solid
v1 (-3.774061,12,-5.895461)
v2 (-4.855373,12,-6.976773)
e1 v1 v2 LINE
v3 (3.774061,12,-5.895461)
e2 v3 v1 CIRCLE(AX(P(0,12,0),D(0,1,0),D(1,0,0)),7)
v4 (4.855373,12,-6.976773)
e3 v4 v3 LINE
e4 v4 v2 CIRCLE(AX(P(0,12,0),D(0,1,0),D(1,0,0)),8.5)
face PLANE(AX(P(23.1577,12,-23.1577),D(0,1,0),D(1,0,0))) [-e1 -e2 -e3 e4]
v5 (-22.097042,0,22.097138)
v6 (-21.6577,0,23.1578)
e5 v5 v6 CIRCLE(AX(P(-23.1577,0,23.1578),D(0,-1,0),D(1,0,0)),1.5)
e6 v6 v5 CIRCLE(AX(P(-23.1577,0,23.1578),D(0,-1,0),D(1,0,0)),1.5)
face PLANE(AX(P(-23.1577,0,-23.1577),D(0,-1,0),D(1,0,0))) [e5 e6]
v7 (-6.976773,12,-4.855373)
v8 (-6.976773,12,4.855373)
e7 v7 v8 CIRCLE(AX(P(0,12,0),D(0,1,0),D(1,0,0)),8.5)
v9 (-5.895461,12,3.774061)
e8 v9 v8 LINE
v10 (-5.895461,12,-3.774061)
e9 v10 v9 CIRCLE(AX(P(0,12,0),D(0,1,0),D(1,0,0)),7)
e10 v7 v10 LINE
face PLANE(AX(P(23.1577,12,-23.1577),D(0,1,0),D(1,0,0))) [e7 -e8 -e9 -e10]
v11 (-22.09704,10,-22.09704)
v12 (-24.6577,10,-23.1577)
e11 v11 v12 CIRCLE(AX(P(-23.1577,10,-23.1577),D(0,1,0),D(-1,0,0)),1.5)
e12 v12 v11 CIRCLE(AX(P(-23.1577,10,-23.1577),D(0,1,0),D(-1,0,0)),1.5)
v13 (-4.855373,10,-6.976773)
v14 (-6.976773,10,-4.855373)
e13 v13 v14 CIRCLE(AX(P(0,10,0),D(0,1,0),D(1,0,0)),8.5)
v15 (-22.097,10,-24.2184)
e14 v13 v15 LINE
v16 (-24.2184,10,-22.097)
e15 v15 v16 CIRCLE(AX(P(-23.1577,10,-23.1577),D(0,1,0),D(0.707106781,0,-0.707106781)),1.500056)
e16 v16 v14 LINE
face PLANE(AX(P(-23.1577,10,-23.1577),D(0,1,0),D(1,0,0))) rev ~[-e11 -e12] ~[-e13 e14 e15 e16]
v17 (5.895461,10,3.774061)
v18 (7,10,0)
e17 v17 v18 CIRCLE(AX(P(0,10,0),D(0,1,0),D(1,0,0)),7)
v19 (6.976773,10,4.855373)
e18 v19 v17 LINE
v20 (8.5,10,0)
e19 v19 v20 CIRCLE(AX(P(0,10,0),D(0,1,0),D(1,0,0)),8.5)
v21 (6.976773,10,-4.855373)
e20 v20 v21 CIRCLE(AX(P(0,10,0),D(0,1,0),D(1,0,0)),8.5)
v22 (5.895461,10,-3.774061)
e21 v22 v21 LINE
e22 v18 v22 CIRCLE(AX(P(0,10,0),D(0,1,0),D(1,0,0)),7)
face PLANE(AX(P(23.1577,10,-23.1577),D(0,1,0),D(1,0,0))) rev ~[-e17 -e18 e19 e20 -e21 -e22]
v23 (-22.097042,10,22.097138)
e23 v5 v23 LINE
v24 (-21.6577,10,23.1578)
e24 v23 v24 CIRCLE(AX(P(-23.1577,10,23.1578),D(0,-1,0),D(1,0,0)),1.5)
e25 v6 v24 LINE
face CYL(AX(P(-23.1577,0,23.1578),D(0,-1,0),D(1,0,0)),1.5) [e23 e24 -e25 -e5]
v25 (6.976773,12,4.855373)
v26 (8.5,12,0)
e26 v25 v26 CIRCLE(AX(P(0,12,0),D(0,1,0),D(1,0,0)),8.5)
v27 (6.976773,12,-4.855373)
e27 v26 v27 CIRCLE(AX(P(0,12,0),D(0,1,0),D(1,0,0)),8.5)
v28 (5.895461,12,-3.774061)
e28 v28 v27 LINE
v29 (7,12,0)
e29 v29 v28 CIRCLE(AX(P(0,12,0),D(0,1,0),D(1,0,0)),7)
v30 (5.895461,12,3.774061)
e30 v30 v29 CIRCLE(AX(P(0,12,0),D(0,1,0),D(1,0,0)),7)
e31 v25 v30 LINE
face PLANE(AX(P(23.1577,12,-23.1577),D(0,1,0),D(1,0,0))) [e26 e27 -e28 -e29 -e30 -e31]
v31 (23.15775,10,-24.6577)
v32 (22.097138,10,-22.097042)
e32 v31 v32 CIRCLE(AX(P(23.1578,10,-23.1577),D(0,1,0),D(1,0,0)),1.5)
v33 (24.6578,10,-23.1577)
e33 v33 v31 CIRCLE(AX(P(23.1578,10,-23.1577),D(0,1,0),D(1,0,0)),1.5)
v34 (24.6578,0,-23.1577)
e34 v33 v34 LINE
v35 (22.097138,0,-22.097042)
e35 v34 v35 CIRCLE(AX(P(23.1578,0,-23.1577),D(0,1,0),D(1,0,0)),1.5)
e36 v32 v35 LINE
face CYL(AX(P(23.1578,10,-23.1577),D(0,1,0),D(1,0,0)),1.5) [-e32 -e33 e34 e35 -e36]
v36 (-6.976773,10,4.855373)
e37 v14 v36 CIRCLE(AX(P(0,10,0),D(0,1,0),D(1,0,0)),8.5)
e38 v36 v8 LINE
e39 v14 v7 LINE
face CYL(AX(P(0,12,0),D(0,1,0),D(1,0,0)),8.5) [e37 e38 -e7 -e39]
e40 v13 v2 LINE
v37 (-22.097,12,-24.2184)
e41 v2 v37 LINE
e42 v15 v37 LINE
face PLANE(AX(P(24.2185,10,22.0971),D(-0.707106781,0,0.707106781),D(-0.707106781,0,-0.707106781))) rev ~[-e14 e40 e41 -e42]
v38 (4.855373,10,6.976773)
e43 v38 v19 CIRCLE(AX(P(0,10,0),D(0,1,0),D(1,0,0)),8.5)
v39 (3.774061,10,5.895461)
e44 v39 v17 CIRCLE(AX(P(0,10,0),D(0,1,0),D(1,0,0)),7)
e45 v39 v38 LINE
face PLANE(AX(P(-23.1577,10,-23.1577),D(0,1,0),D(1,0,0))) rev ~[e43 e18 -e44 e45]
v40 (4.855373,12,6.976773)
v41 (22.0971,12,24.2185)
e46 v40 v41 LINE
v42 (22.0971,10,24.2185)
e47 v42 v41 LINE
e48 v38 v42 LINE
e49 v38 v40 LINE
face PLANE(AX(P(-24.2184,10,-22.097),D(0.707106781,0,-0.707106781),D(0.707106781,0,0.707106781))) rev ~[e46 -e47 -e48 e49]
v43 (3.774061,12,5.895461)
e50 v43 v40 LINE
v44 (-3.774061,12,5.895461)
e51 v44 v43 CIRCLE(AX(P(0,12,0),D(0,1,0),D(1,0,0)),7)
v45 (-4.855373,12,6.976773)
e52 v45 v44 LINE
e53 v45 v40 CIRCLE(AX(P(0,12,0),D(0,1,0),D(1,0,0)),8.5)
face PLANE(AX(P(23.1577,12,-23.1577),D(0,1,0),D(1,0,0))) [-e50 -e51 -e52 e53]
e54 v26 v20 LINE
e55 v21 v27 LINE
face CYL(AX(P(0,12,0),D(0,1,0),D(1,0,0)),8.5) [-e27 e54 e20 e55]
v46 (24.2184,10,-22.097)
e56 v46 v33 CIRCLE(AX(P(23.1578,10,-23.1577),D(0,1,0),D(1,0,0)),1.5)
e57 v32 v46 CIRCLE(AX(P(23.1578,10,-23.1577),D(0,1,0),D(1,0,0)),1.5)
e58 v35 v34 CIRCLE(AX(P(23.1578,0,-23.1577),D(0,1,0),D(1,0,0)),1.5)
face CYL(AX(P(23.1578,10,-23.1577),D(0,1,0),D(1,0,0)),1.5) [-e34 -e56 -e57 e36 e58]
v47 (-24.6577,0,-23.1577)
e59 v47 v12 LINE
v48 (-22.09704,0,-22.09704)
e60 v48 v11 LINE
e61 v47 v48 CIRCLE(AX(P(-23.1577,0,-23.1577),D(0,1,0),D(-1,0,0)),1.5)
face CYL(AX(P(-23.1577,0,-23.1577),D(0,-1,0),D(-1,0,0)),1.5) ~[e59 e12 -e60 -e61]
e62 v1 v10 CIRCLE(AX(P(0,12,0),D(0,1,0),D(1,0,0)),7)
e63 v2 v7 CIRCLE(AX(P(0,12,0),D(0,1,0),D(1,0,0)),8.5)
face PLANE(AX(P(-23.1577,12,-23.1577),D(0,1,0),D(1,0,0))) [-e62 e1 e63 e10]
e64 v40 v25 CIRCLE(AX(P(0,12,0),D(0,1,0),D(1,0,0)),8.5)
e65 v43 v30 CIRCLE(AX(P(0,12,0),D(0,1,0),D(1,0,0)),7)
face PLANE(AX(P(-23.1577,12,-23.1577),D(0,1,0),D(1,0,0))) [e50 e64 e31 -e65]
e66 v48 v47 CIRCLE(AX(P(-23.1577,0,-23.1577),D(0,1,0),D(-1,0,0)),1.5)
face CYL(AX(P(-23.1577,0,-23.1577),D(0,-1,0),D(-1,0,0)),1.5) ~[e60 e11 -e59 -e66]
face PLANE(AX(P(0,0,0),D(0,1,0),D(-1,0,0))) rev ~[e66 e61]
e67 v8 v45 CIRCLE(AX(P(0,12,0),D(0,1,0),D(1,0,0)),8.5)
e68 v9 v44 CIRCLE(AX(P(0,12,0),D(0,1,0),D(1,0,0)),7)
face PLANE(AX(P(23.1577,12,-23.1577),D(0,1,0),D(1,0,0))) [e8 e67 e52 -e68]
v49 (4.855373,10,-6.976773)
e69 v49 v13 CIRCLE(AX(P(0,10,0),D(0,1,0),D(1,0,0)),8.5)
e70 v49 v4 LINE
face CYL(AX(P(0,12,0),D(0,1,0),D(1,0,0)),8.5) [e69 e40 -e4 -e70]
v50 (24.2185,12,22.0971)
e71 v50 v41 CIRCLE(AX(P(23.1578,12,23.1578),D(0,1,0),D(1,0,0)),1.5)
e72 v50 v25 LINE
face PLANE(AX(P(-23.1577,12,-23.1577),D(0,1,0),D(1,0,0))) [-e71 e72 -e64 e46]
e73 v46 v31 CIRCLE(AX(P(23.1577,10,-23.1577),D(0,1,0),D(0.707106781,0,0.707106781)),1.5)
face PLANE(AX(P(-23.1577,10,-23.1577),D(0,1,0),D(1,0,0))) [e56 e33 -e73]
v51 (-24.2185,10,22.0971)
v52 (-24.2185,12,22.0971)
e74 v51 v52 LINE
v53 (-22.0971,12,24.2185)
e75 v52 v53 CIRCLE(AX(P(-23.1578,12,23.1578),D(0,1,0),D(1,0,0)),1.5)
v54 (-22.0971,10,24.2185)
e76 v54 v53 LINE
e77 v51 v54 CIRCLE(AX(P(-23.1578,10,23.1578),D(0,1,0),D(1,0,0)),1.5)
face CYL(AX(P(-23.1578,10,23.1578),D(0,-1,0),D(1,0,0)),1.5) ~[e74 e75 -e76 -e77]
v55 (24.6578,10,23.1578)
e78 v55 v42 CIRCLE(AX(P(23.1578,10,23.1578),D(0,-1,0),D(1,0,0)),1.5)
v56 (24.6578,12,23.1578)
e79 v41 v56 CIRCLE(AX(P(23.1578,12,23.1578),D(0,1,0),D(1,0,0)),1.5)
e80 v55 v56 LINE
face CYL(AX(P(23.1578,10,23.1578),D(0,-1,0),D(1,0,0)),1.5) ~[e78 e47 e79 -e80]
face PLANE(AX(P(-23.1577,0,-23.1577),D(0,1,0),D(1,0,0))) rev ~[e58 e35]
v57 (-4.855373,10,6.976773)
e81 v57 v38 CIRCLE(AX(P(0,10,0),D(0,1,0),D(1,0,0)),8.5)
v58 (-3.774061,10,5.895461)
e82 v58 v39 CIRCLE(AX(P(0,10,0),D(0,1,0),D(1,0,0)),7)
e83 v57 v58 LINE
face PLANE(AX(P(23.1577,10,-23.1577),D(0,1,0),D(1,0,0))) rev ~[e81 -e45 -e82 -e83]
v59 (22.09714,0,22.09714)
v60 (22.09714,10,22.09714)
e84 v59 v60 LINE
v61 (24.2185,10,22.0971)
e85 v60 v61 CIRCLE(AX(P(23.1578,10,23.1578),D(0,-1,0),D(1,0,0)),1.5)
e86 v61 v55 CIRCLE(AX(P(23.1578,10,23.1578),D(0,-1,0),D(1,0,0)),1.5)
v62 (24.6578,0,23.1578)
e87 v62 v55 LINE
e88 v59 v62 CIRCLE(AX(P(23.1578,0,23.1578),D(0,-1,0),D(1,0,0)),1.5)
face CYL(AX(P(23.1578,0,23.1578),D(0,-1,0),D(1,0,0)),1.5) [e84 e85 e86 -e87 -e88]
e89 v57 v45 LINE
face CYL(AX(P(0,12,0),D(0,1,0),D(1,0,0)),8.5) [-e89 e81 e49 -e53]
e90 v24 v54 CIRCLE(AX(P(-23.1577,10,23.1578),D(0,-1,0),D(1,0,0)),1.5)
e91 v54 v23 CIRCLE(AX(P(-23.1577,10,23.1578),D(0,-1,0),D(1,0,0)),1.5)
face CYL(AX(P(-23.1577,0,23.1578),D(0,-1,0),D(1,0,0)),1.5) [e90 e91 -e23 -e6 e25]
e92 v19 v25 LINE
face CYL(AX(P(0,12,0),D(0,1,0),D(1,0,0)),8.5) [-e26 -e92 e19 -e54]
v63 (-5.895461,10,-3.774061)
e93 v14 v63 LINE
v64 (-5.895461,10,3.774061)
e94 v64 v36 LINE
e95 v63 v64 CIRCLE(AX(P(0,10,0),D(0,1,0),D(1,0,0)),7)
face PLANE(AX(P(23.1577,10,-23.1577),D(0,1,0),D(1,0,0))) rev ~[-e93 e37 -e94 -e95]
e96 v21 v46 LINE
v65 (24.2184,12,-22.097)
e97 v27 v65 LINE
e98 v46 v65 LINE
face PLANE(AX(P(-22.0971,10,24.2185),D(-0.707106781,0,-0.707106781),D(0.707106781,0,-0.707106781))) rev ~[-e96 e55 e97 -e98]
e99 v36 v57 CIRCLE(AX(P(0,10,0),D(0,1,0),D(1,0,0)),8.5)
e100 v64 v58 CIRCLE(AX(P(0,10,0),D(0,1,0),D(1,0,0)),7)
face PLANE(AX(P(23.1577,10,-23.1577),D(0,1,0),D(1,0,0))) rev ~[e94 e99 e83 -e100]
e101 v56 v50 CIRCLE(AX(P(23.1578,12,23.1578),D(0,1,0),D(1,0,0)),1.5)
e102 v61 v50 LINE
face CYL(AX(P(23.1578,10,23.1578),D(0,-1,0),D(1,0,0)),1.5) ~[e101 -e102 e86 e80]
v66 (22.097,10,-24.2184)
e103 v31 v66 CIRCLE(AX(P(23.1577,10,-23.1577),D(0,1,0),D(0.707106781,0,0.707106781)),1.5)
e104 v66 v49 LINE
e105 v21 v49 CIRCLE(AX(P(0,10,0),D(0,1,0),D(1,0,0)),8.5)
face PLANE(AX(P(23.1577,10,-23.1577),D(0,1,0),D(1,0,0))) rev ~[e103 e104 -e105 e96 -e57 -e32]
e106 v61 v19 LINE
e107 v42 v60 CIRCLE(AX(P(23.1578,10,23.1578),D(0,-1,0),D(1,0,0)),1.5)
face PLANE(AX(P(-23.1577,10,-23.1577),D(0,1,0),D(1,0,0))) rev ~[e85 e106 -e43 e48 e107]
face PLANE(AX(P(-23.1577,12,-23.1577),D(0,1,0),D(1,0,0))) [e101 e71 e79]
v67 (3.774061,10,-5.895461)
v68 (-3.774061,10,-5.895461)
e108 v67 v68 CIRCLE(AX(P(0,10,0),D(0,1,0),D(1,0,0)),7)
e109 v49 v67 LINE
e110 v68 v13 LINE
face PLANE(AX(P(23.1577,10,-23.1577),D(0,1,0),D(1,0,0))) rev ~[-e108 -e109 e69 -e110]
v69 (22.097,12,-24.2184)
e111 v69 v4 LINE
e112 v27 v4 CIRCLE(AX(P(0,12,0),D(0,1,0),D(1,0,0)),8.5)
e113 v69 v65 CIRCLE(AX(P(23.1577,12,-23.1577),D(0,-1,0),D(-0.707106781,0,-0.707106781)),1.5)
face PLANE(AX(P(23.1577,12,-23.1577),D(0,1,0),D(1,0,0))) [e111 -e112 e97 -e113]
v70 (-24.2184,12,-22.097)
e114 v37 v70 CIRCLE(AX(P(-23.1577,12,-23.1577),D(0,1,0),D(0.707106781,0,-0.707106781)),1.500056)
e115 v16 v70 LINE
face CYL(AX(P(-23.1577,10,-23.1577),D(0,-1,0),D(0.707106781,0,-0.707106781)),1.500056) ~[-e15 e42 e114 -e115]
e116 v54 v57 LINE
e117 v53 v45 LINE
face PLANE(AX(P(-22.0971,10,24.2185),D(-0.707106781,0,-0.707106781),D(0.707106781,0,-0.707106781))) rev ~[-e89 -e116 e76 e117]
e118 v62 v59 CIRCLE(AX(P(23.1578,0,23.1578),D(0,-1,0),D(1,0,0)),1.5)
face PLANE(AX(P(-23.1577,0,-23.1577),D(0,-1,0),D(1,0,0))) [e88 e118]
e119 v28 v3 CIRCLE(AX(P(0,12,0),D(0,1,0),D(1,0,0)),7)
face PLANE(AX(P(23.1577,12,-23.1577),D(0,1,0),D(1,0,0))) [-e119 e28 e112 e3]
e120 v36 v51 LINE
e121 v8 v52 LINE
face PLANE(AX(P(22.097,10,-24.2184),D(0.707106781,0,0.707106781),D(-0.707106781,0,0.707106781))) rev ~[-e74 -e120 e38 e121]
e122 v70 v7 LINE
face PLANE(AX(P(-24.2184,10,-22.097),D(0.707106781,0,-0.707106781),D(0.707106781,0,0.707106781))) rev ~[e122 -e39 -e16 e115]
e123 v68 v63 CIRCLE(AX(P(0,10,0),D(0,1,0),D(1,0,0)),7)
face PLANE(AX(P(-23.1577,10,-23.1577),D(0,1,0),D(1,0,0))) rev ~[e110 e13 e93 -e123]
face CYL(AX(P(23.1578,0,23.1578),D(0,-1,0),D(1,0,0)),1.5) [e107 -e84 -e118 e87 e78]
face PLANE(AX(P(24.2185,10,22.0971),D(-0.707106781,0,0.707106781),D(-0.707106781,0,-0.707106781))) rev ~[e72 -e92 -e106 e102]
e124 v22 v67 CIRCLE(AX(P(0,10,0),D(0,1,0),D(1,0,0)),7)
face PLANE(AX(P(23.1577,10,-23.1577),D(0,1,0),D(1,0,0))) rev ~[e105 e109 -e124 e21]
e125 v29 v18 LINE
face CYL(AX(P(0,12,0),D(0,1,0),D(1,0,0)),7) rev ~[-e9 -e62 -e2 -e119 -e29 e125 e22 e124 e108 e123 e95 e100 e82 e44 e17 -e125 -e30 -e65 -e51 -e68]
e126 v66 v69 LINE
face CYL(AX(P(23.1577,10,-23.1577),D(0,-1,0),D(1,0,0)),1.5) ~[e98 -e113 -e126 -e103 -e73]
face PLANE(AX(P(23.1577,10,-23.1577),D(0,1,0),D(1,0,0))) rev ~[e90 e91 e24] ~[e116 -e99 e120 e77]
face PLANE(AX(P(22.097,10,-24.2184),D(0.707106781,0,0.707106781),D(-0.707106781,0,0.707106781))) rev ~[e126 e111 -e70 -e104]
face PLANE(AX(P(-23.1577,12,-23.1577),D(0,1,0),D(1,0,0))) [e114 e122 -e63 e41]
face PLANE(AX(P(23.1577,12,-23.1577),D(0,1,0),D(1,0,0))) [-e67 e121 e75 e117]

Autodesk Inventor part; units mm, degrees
ref_plane "YZ Plane" through (0, 0, 0) normal (1, 0, 0) x (0, 1, 0)
ref_plane "XZ Plane" through (0, 0, 0) normal (0, 1, 0) x (-1, 0, 0)
ref_plane "XY Plane" through (0, 0, 0) normal (0, 0, 1) x (1, 0, 0)
sketch "Sketch1" plane through (0, 0, 0) normal (0, 1, 0) x (-1, 0, 0)
  line L0 (0, 0) -> (23.1577, -23.1577)
  line L1 (0, 0) -> (32.75, 0) construction
  circle A0 centre (23.1577, -23.1577) radius 1.5
  dimension "d0" = 32.75
  dimension "d1" = 45
  dimension "d2" = 3
extrude "Extrusion1" add sketch "Sketch1" along normal blind 10
sketch "Sketch2" plane through (-23.1577, 0, -23.1577) normal (0, -1, 0) x (1, 0, 0)
  line L0 (23.1577, 23.1577) -> (46.3155, 46.3155)
  line L1 (23.1577, 23.1577) -> (55.9077, 23.1577) construction
  circle A0 centre (46.3155, 46.3155) radius 1.5
  dimension "d5" = 32.75
  dimension "d6" = 45
  dimension "d7" = 3
extrude "Extrusion2" add sketch "Sketch2" against normal blind 10
sketch "Sketch3" plane through (-23.1577, 0, -23.1577) normal (0, -1, 0) x (1, 0, 0)
  line L0 (23.1577, 23.1577) -> (0, 46.3155)
  line L1 (23.1577, 23.1577) -> (55.9077, 23.1577) construction
  circle A0 centre (0, 46.3155) radius 1.5
  dimension "d10" = 32.75
  dimension "d11" = 135
  dimension "d12" = 3
extrude "Extrusion3" add sketch "Sketch3" against normal blind 10
sketch "Sketch4" plane through (-23.1577, 10, -23.1577) normal (0, 1, 0) x (1, 0, 0)
  line L0 (23.1577, -23.1577) -> (46.3155, 0)
  line L1 (23.1577, -23.1577) -> (55.9077, -23.1577) construction
  circle A0 centre (46.3155, 0) radius 1.5
  dimension "d15" = 32.75
  dimension "d16" = 45
  dimension "d17" = 3
extrude "Extrusion4" add sketch "Sketch4" against normal blind 10
sketch "Sketch5" plane through (23.1577, 10, -23.1577) normal (0, 1, 0) x (1, 0, 0)
  circle A0 centre (0, 0) radius 1.5 projected
  circle A1 centre (-46.3155, -46.3155) radius 1.5 projected
  line L0 (0, 0) -> (-46.3155, -46.3155) construction
  line L1 (-1.0607, 1.0607) -> (-47.3762, -45.2548)
  line L2 (-45.2548, -47.3762) -> (1.0607, -1.0607)
  arc A2 (1.0607, -1.0607) -> (-1.0607, 1.0607) centre (0, 0) ccw
  arc A3 (-47.3762, -45.2548) -> (-45.2548, -47.3762) centre (-46.3155, -46.3155) ccw
  point P0 (-23.1577, -23.1577)
  point P1 (-23.1577, -23.1577)
  dimension "d20" = 3
extrude "Extrusion5" add sketch "Sketch5" along normal blind 2
sketch "Sketch6" plane through (-23.1577, 10, -23.1577) normal (0, 1, 0) x (1, 0, 0)
  circle A0 centre (46.3155, -46.3155) radius 1.5 projected
  line L0 (46.3155, -46.3155) -> (0, 0) construction
  line L1 (47.3762, -45.2548) -> (1.0607, 1.0607)
  line L2 (-1.0607, -1.0607) -> (45.2548, -47.3762)
  arc A1 (45.2548, -47.3762) -> (47.3762, -45.2548) centre (46.3155, -46.3155) ccw
  arc A2 (1.0607, 1.0607) -> (-1.0607, -1.0607) centre (0, 0) ccw
  point P0 (23.1577, -23.1577)
  point P1 (23.1577, -23.1577)
  dimension "d23" = 3
extrude "Extrusion6" add sketch "Sketch6" along normal blind 2
sketch "Sketch7" plane through (23.1577, 12, -23.1577) normal (0, 1, 0) x (1, 0, 0)
  circle A0 centre (-23.1577, -23.1577) radius 8.5
  dimension "d26" = 17
extrude "Extrusion7" add sketch "Sketch7" against normal blind 2
sketch "Sketch8" plane through (23.1577, 12, -23.1577) normal (0, 1, 0) x (1, 0, 0)
  circle A0 centre (-23.1577, -23.1577) radius 7
  dimension "d29" = 14
extrude "Extrusion8" cut sketch "Sketch8" against normal blind 2
properties part number "expo6"
